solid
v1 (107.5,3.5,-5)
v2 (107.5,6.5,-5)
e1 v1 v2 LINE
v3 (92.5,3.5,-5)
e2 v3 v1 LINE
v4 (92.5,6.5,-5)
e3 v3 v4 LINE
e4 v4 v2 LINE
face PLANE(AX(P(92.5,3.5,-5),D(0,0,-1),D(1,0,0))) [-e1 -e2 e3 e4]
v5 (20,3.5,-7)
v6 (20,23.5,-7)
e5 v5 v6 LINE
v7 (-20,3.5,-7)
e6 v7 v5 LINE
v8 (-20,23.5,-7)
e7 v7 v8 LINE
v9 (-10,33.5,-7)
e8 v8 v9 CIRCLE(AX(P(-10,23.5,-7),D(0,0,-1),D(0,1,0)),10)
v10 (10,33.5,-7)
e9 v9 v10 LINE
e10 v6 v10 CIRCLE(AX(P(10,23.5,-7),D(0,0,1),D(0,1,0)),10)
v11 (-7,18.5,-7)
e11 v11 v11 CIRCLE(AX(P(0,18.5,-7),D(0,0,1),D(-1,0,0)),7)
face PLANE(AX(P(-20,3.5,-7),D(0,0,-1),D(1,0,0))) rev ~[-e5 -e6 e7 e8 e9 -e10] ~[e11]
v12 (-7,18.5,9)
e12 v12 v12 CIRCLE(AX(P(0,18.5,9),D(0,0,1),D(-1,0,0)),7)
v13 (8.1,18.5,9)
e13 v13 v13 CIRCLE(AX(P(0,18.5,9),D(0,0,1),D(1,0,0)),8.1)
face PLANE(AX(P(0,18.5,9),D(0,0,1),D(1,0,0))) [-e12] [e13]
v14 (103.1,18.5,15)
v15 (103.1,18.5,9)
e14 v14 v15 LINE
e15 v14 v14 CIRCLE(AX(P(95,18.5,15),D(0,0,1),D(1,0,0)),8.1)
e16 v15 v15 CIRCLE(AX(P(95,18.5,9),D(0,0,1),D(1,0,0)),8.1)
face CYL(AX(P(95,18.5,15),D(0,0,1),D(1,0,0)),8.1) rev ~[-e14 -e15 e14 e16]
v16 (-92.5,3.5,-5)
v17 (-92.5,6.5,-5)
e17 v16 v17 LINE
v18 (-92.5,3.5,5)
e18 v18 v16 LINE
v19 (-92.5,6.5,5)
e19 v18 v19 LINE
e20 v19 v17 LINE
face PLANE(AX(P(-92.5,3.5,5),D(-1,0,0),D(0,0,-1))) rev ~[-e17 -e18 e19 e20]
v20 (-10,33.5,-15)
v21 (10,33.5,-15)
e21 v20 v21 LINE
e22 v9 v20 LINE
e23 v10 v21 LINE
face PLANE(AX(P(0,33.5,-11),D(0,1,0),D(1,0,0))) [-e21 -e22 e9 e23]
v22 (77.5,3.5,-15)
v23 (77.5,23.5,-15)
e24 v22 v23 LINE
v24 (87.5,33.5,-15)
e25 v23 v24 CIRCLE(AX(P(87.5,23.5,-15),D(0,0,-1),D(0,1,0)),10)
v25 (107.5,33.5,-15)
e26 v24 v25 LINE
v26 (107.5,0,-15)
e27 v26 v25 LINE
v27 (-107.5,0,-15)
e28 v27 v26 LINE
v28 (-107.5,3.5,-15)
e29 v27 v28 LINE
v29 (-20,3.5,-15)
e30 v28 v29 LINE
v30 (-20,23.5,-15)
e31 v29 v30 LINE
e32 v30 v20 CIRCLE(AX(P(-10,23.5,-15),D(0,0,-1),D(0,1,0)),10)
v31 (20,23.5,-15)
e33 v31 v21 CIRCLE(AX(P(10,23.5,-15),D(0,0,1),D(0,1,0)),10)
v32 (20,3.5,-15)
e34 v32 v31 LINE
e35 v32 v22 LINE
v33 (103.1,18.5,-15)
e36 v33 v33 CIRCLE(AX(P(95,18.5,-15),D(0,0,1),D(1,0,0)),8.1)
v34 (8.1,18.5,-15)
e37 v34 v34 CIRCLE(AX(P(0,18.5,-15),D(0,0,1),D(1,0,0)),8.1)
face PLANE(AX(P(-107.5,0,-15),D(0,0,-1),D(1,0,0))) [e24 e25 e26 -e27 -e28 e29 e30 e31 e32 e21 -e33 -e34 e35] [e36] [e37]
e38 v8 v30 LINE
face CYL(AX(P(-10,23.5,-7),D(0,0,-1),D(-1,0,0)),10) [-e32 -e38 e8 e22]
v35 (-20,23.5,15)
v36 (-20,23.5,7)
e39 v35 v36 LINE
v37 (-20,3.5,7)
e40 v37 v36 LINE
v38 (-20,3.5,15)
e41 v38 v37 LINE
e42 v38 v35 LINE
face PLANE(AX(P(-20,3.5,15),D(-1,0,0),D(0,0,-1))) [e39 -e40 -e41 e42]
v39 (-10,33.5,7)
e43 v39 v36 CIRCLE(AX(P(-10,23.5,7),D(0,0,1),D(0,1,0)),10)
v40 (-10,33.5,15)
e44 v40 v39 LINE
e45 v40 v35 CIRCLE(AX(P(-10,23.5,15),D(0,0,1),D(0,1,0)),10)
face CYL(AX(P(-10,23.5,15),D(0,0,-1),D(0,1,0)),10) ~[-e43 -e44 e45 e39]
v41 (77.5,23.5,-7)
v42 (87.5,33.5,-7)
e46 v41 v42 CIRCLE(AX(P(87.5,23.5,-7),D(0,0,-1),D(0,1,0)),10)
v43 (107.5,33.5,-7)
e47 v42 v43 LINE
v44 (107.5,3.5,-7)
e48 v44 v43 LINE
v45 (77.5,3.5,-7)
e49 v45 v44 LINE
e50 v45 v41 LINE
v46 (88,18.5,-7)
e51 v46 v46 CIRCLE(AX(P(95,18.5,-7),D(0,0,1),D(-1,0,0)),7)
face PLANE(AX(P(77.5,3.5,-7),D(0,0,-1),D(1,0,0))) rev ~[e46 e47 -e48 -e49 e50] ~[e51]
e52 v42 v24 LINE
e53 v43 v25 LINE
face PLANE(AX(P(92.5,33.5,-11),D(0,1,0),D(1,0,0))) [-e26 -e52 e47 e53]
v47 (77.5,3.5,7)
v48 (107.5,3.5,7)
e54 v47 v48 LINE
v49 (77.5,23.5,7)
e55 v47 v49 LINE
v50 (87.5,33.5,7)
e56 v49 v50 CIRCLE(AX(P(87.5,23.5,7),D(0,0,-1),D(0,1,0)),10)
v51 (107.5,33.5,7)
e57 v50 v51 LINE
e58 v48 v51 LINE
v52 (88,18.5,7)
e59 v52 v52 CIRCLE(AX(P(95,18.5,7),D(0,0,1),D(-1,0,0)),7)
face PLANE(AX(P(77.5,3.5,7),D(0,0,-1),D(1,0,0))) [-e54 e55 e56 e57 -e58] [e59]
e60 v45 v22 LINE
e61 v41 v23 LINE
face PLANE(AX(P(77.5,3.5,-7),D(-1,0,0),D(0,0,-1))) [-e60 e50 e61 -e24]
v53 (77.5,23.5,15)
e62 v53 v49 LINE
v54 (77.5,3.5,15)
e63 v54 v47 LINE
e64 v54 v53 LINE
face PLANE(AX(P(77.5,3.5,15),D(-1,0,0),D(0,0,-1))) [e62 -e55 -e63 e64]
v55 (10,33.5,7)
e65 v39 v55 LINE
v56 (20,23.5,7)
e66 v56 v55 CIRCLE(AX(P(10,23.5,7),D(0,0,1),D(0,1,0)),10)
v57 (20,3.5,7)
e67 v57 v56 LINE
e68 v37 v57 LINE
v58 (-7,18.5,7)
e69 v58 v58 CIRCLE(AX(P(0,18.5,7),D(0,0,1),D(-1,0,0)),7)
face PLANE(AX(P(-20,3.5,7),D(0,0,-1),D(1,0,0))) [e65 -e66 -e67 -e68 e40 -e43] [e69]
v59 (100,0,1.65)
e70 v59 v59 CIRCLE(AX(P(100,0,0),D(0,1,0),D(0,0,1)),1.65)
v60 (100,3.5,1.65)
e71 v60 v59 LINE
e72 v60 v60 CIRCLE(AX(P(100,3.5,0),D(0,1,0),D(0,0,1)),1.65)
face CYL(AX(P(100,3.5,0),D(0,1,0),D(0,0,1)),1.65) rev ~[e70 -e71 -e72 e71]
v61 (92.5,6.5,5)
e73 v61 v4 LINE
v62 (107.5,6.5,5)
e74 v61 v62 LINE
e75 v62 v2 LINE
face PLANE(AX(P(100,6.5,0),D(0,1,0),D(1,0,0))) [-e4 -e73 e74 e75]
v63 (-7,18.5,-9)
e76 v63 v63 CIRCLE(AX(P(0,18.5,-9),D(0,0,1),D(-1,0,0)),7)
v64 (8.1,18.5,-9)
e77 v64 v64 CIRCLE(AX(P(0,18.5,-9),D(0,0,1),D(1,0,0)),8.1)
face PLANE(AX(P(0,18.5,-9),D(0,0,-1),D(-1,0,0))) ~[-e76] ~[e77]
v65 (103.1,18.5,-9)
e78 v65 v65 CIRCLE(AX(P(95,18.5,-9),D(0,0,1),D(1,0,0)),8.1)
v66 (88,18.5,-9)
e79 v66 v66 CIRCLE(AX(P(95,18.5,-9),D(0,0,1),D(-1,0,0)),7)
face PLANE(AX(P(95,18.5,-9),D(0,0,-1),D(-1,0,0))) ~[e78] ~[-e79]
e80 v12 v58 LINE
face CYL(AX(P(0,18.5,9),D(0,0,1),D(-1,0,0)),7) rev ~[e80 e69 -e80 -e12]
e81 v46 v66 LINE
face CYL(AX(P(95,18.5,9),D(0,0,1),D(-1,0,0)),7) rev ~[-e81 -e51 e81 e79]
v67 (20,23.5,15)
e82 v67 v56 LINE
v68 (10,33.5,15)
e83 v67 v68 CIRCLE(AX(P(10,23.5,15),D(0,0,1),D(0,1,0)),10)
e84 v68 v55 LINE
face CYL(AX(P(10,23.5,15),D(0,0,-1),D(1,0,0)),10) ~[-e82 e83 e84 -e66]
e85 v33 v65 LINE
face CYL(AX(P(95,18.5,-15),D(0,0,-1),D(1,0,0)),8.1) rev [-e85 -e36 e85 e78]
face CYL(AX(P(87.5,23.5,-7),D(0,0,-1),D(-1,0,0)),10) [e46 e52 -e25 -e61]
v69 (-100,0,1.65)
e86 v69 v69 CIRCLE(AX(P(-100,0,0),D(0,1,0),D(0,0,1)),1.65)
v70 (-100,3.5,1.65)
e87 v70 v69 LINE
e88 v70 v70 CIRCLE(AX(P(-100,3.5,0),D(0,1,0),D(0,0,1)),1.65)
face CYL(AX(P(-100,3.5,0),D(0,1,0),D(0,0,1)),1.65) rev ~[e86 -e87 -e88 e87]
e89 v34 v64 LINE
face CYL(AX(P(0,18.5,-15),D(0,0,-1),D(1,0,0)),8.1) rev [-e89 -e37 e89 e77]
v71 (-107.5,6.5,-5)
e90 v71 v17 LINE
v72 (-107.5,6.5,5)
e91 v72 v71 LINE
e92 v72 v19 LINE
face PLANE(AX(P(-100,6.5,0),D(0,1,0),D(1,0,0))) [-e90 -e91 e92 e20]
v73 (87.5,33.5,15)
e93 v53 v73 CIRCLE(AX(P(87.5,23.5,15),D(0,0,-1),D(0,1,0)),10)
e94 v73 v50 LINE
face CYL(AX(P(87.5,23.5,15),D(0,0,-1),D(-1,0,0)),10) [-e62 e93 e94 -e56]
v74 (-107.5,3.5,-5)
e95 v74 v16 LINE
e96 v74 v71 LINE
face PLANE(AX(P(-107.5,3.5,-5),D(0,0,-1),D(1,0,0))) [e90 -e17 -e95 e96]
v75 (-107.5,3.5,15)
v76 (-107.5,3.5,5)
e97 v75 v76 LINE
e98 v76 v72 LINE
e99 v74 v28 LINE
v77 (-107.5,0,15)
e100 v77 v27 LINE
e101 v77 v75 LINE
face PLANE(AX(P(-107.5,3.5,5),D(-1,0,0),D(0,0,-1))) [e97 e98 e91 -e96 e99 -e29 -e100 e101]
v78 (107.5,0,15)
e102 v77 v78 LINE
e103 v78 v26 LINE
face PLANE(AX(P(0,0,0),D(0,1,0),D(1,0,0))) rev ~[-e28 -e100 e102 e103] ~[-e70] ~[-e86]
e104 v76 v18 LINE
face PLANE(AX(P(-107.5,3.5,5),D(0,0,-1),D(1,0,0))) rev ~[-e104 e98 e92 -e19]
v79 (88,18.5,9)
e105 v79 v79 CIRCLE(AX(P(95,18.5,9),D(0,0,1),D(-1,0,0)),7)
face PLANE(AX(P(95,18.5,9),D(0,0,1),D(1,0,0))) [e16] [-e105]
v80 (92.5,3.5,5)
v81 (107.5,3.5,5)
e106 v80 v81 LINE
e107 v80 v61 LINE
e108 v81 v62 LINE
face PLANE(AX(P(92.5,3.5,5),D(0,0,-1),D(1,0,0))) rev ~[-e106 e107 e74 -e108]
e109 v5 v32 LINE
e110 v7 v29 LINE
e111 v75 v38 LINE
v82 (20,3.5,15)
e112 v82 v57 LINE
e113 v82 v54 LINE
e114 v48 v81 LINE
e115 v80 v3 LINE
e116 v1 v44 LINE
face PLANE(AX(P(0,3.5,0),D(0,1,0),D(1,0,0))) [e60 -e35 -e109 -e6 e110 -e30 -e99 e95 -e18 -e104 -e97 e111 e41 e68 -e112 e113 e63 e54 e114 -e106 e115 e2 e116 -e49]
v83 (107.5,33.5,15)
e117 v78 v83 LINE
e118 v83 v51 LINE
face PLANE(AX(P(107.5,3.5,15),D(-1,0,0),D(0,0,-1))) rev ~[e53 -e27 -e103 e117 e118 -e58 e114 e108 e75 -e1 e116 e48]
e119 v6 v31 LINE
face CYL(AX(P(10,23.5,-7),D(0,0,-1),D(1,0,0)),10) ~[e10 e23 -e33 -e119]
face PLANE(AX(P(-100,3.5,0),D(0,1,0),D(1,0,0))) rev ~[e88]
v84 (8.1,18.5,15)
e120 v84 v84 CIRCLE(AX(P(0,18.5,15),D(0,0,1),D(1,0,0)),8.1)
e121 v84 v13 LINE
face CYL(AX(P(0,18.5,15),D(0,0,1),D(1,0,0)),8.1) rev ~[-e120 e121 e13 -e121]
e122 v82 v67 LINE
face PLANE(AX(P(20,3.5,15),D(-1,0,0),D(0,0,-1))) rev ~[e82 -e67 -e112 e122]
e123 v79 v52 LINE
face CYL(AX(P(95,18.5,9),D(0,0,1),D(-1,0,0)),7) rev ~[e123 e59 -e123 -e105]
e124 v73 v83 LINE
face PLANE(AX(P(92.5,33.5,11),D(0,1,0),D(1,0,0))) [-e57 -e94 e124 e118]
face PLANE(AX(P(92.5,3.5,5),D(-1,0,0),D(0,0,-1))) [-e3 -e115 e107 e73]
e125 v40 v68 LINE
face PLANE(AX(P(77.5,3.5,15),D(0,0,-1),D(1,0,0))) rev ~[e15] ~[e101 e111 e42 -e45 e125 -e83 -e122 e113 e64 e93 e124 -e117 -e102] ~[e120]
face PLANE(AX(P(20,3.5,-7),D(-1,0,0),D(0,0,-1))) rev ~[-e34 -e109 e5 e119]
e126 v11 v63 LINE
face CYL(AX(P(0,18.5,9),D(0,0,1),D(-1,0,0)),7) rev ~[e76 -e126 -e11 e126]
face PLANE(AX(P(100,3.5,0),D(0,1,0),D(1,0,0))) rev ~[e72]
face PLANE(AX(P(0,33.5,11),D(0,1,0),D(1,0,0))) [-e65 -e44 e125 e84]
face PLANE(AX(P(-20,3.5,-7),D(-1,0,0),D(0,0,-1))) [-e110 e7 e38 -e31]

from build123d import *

# Parameters (mm, degrees)
SKETCH2_W           = 215
SKETCH2_H           = 30
BOSS_EXTRUDE1_DEPTH = 3.5
SKETCH4_W           = 30
SKETCH4_H           = 8
SKETCH4_W_2         = 40
BOSS_EXTRUDE2_DEPTH = 30
SKETCH5_R           = 8.1
BEARING_HOLES_DEPTH = 6
SKETCH7_R           = 7
CUT_EXTRUDE2_DEPTH  = 116.128189424
FILLET1_R           = 10
HOLES_TBD_R         = 1.65
CUT_EXTRUDE1_DEPTH  = 113.611056296
SKETCH6_W           = 15
SKETCH6_H           = 10
BOSS_EXTRUDE3_DEPTH = 3


with BuildPart() as part:
    # Sketch2 → Boss-Extrude1 (new body)
    with BuildSketch(Plane(origin=(0, 0, 0), x_dir=(1, 0, 0), z_dir=(0, 1, 0))):
        Rectangle(SKETCH2_W, SKETCH2_H)
    extrude(amount=BOSS_EXTRUDE1_DEPTH)

    # Sketch4 → Boss-Extrude2 (add)
    with BuildSketch(Plane(origin=(0, 3.5, 0), x_dir=(1, 0, 0), z_dir=(0, 1, 0))):
        with Locations((92.5, -11)):
            Rectangle(SKETCH4_W, SKETCH4_H)
        with Locations((0, -11)):
            Rectangle(SKETCH4_W_2, SKETCH4_H)
        with Locations((0, 11)):
            Rectangle(SKETCH4_W_2, SKETCH4_H)
        with Locations((92.5, 11)):
            Rectangle(SKETCH4_W, SKETCH4_H)
    extrude(amount=BOSS_EXTRUDE2_DEPTH)

    # Sketch5 → Bearing holes (cut)
    with BuildSketch(Plane.XY.offset(15)):
        with Locations((0, 18.5)):
            Circle(SKETCH5_R)
        with Locations((95, 18.5)):
            Circle(SKETCH5_R)
    bearing_holes = extrude(amount=-BEARING_HOLES_DEPTH, mode=Mode.SUBTRACT)

    # Mirror1: Bearing holes across plane
    add(bearing_holes.mirror(Plane.XY), mode=Mode.SUBTRACT)

    # Sketch7 → Cut-Extrude2 (cut, through all)
    with BuildSketch(Plane.XY.offset(9)):
        with Locations(Location((0, 18.5, 0), (0, 0, 180))):
            Circle(SKETCH7_R)
        with Locations(Location((95, 18.5, 0), (0, 0, 180))):
            Circle(SKETCH7_R)
    extrude(amount=-CUT_EXTRUDE2_DEPTH, mode=Mode.SUBTRACT)

    # Fillet1
    fillet1_edges = [part.edges().sort_by_distance(p)[0] for p in [
        (77.5, 33.5, -11),
        (-20, 33.5, -11),
        (20, 33.5, -11),
        (-20, 33.5, 11),
        (20, 33.5, 11),
        (77.5, 33.5, 11),
    ]]
    fillet(fillet1_edges, radius=FILLET1_R)

    # HOLES TBD → Cut-Extrude1 (cut, through all)
    with BuildSketch(Plane(origin=(0, 3.5, 0), x_dir=(1, 0, 0), z_dir=(0, 1, 0))):
        with Locations(Location((-100, 0, 0), (0, 0, 270))):
            Circle(HOLES_TBD_R)
        with Locations(Location((100, 0, 0), (0, 0, 270))):
            Circle(HOLES_TBD_R)
    extrude(amount=-CUT_EXTRUDE1_DEPTH, mode=Mode.SUBTRACT)

    # Sketch6 → Boss-Extrude3 (add)
    with BuildSketch(Plane(origin=(0, 3.5, 0), x_dir=(1, 0, 0), z_dir=(0, 1, 0))):
        with Locations((-100, 0)):
            Rectangle(SKETCH6_W, SKETCH6_H)
        with Locations((100, 0)):
            Rectangle(SKETCH6_W, SKETCH6_H)
    extrude(amount=BOSS_EXTRUDE3_DEPTH)


solid = part.part
